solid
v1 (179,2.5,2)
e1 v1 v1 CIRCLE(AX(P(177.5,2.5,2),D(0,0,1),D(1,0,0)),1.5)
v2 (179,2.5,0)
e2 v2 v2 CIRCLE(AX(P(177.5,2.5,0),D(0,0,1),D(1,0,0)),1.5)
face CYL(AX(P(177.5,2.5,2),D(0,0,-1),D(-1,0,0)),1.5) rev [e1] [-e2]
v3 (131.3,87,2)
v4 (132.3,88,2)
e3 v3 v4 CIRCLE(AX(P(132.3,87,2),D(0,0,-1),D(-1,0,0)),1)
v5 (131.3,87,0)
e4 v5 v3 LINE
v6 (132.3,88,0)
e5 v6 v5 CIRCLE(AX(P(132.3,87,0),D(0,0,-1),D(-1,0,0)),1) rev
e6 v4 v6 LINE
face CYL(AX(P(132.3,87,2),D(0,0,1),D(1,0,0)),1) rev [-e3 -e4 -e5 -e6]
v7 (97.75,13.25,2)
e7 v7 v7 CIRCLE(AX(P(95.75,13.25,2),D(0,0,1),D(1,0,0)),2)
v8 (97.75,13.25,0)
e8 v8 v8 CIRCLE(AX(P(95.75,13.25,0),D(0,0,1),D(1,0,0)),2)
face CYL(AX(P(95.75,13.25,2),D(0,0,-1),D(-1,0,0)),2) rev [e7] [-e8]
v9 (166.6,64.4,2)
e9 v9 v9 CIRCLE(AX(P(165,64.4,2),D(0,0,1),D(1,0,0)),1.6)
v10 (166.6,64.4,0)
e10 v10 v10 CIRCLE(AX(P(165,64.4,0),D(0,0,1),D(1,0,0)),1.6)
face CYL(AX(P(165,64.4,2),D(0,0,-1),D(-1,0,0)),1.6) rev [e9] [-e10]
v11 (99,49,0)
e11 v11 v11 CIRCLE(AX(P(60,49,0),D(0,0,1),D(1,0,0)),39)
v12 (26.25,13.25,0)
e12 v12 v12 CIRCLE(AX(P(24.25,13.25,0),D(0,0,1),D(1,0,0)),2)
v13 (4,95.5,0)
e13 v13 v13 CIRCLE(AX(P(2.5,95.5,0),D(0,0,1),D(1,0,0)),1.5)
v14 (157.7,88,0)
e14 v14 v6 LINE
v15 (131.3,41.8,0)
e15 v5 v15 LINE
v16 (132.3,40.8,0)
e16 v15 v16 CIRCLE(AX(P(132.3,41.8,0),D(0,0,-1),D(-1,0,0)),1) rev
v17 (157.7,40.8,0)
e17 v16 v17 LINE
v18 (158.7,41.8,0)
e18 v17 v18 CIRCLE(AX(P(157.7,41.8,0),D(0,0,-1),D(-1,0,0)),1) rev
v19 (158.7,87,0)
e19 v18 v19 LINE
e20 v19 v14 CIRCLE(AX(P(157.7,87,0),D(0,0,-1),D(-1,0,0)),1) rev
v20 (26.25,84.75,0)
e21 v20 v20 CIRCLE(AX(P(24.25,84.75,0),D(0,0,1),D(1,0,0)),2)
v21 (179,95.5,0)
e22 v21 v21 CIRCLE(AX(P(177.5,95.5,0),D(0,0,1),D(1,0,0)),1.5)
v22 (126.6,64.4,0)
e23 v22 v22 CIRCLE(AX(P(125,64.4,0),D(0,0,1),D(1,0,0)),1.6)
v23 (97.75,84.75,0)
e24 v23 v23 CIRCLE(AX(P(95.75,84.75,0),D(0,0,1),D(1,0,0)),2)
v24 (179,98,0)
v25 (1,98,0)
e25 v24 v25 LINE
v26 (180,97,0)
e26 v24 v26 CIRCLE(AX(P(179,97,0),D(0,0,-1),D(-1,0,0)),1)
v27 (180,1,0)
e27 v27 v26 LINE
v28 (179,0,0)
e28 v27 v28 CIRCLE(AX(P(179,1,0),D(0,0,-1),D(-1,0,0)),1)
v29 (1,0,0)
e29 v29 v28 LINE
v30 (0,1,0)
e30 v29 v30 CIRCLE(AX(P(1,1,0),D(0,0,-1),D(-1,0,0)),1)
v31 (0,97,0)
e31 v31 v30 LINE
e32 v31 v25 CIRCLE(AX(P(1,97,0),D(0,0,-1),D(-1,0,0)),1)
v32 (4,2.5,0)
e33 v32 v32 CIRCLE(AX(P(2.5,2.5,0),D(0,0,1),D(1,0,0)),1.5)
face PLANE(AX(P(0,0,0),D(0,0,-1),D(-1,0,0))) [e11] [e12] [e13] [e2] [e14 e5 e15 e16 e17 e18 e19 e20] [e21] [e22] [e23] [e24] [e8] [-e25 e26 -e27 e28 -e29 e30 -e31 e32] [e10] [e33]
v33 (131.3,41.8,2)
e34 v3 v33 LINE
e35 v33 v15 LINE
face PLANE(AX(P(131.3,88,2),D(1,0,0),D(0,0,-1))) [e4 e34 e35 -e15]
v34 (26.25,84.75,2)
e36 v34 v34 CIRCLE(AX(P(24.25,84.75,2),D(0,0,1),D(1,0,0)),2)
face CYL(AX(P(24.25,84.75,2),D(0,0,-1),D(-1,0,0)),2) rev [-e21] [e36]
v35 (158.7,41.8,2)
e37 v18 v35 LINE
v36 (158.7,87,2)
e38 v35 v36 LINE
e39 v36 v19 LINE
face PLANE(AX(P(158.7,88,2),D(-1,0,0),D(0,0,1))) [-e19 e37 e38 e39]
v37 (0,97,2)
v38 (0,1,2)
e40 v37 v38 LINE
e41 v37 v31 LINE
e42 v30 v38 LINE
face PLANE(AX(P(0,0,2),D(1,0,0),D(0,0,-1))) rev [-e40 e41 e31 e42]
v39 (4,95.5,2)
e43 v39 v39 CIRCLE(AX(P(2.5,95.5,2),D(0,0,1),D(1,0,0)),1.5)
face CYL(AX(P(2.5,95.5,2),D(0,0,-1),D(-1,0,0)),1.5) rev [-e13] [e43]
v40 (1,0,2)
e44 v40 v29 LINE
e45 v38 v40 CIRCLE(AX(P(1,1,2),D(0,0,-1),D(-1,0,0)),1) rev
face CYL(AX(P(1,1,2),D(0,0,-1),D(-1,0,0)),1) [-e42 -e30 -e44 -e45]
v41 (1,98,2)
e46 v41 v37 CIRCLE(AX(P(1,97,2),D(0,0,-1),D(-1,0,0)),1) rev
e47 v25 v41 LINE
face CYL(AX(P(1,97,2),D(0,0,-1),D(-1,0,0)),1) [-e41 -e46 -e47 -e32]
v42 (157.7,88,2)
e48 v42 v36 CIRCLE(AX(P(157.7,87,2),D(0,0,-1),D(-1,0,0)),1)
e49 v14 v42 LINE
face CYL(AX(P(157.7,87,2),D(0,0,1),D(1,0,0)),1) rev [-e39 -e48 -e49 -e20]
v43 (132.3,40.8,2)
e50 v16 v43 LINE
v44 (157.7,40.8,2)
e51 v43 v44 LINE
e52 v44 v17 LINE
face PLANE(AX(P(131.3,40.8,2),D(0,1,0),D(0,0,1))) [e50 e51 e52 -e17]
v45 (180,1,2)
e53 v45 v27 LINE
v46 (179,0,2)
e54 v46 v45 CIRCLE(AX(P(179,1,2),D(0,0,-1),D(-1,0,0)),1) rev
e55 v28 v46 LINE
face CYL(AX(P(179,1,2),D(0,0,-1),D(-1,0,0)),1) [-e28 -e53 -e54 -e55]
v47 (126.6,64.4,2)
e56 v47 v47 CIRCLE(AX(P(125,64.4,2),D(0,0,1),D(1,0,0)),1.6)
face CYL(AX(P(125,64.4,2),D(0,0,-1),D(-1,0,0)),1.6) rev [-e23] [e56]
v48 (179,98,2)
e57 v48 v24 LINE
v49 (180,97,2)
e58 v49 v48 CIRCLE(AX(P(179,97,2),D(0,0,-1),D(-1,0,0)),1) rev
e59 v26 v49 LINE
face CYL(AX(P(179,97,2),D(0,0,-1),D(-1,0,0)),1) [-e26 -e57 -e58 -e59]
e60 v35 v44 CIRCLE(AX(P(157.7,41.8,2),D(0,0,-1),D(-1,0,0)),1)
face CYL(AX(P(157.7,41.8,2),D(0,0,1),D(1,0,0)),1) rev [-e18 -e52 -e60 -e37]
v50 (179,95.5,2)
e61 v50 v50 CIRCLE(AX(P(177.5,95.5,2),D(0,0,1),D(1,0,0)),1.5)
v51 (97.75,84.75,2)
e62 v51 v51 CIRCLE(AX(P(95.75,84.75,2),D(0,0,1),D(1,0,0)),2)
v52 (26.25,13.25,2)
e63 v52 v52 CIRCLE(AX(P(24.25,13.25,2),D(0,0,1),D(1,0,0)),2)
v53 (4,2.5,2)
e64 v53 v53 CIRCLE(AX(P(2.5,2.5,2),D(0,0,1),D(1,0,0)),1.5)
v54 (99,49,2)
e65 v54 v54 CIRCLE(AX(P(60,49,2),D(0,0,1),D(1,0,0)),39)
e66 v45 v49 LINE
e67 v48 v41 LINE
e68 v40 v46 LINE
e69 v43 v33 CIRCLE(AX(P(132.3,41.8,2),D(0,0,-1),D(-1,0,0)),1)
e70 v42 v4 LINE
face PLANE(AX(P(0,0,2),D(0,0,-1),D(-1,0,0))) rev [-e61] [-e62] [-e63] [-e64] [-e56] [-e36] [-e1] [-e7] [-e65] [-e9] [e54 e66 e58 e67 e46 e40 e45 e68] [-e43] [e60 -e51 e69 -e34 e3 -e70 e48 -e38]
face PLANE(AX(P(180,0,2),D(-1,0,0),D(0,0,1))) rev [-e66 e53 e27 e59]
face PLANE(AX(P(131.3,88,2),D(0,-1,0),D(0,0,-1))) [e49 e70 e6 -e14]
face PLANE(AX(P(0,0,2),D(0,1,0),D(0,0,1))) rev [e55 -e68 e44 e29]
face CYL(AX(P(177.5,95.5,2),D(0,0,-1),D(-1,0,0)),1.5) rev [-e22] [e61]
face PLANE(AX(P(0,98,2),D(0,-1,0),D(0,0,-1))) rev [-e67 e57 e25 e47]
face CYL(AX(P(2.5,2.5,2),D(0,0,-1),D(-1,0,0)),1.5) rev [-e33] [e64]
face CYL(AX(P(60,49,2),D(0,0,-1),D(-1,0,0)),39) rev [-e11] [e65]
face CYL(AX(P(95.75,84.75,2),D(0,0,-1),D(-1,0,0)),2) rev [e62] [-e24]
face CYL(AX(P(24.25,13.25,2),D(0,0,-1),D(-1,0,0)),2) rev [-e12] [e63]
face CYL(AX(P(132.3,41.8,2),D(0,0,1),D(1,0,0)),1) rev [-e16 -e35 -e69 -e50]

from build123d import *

# Parameters (mm, degrees)
SKETCH_1_W      = 180
SKETCH_1_H      = 98
SKETCH_1_R      = 1.5
SKETCH_1_R_2    = 39
SKETCH_1_R_3    = 2
SKETCH_1_R_4    = 1.6
SKETCH_1_W_2    = 27.4
SKETCH_1_H_2    = 47.2
EXTRUDE_1_DEPTH = 2
FILLET_1_R      = 1
FILLET_2_R      = 1


with BuildPart() as part:
    # Эскиз1 → Бобышка-Вытянуть1 (new body)
    with BuildSketch(Plane.XY):
        with Locations((90, 49)):
            Rectangle(SKETCH_1_W, SKETCH_1_H)
        with Locations((2.5, 95.5)):
            Circle(SKETCH_1_R, mode=Mode.SUBTRACT)
        with Locations((177.5, 95.5)):
            Circle(SKETCH_1_R, mode=Mode.SUBTRACT)
        with Locations((177.5, 2.5)):
            Circle(SKETCH_1_R, mode=Mode.SUBTRACT)
        with Locations((2.5, 2.5)):
            Circle(SKETCH_1_R, mode=Mode.SUBTRACT)
        with Locations((60, 49)):
            Circle(SKETCH_1_R_2, mode=Mode.SUBTRACT)
        with Locations((24.25, 84.75)):
            Circle(SKETCH_1_R_3, mode=Mode.SUBTRACT)
        with Locations((95.75, 84.75)):
            Circle(SKETCH_1_R_3, mode=Mode.SUBTRACT)
        with Locations((95.75, 13.25)):
            Circle(SKETCH_1_R_3, mode=Mode.SUBTRACT)
        with Locations((24.25, 13.25)):
            Circle(SKETCH_1_R_3, mode=Mode.SUBTRACT)
        with Locations((125, 64.4)):
            Circle(SKETCH_1_R_4, mode=Mode.SUBTRACT)
        with Locations((165, 64.4)):
            Circle(SKETCH_1_R_4, mode=Mode.SUBTRACT)
        with Locations((145, 64.4)):
            Rectangle(SKETCH_1_W_2, SKETCH_1_H_2, mode=Mode.SUBTRACT)
    extrude(amount=EXTRUDE_1_DEPTH)

    # Скругление1
    fillet_1_edges = [part.edges().sort_by_distance(p)[0] for p in [
        (0, 98, 1),
        (180, 98, 1),
        (180, 0, 1),
        (0, 0, 1),
    ]]
    fillet(fillet_1_edges, radius=FILLET_1_R)

    # Скругление2
    fillet_2_edges = [part.edges().sort_by_distance(p)[0] for p in [
        (158.7, 40.8, 1),
        (158.7, 88, 1),
        (131.3, 88, 1),
        (131.3, 40.8, 1),
    ]]
    fillet(fillet_2_edges, radius=FILLET_2_R)


solid = part.part
